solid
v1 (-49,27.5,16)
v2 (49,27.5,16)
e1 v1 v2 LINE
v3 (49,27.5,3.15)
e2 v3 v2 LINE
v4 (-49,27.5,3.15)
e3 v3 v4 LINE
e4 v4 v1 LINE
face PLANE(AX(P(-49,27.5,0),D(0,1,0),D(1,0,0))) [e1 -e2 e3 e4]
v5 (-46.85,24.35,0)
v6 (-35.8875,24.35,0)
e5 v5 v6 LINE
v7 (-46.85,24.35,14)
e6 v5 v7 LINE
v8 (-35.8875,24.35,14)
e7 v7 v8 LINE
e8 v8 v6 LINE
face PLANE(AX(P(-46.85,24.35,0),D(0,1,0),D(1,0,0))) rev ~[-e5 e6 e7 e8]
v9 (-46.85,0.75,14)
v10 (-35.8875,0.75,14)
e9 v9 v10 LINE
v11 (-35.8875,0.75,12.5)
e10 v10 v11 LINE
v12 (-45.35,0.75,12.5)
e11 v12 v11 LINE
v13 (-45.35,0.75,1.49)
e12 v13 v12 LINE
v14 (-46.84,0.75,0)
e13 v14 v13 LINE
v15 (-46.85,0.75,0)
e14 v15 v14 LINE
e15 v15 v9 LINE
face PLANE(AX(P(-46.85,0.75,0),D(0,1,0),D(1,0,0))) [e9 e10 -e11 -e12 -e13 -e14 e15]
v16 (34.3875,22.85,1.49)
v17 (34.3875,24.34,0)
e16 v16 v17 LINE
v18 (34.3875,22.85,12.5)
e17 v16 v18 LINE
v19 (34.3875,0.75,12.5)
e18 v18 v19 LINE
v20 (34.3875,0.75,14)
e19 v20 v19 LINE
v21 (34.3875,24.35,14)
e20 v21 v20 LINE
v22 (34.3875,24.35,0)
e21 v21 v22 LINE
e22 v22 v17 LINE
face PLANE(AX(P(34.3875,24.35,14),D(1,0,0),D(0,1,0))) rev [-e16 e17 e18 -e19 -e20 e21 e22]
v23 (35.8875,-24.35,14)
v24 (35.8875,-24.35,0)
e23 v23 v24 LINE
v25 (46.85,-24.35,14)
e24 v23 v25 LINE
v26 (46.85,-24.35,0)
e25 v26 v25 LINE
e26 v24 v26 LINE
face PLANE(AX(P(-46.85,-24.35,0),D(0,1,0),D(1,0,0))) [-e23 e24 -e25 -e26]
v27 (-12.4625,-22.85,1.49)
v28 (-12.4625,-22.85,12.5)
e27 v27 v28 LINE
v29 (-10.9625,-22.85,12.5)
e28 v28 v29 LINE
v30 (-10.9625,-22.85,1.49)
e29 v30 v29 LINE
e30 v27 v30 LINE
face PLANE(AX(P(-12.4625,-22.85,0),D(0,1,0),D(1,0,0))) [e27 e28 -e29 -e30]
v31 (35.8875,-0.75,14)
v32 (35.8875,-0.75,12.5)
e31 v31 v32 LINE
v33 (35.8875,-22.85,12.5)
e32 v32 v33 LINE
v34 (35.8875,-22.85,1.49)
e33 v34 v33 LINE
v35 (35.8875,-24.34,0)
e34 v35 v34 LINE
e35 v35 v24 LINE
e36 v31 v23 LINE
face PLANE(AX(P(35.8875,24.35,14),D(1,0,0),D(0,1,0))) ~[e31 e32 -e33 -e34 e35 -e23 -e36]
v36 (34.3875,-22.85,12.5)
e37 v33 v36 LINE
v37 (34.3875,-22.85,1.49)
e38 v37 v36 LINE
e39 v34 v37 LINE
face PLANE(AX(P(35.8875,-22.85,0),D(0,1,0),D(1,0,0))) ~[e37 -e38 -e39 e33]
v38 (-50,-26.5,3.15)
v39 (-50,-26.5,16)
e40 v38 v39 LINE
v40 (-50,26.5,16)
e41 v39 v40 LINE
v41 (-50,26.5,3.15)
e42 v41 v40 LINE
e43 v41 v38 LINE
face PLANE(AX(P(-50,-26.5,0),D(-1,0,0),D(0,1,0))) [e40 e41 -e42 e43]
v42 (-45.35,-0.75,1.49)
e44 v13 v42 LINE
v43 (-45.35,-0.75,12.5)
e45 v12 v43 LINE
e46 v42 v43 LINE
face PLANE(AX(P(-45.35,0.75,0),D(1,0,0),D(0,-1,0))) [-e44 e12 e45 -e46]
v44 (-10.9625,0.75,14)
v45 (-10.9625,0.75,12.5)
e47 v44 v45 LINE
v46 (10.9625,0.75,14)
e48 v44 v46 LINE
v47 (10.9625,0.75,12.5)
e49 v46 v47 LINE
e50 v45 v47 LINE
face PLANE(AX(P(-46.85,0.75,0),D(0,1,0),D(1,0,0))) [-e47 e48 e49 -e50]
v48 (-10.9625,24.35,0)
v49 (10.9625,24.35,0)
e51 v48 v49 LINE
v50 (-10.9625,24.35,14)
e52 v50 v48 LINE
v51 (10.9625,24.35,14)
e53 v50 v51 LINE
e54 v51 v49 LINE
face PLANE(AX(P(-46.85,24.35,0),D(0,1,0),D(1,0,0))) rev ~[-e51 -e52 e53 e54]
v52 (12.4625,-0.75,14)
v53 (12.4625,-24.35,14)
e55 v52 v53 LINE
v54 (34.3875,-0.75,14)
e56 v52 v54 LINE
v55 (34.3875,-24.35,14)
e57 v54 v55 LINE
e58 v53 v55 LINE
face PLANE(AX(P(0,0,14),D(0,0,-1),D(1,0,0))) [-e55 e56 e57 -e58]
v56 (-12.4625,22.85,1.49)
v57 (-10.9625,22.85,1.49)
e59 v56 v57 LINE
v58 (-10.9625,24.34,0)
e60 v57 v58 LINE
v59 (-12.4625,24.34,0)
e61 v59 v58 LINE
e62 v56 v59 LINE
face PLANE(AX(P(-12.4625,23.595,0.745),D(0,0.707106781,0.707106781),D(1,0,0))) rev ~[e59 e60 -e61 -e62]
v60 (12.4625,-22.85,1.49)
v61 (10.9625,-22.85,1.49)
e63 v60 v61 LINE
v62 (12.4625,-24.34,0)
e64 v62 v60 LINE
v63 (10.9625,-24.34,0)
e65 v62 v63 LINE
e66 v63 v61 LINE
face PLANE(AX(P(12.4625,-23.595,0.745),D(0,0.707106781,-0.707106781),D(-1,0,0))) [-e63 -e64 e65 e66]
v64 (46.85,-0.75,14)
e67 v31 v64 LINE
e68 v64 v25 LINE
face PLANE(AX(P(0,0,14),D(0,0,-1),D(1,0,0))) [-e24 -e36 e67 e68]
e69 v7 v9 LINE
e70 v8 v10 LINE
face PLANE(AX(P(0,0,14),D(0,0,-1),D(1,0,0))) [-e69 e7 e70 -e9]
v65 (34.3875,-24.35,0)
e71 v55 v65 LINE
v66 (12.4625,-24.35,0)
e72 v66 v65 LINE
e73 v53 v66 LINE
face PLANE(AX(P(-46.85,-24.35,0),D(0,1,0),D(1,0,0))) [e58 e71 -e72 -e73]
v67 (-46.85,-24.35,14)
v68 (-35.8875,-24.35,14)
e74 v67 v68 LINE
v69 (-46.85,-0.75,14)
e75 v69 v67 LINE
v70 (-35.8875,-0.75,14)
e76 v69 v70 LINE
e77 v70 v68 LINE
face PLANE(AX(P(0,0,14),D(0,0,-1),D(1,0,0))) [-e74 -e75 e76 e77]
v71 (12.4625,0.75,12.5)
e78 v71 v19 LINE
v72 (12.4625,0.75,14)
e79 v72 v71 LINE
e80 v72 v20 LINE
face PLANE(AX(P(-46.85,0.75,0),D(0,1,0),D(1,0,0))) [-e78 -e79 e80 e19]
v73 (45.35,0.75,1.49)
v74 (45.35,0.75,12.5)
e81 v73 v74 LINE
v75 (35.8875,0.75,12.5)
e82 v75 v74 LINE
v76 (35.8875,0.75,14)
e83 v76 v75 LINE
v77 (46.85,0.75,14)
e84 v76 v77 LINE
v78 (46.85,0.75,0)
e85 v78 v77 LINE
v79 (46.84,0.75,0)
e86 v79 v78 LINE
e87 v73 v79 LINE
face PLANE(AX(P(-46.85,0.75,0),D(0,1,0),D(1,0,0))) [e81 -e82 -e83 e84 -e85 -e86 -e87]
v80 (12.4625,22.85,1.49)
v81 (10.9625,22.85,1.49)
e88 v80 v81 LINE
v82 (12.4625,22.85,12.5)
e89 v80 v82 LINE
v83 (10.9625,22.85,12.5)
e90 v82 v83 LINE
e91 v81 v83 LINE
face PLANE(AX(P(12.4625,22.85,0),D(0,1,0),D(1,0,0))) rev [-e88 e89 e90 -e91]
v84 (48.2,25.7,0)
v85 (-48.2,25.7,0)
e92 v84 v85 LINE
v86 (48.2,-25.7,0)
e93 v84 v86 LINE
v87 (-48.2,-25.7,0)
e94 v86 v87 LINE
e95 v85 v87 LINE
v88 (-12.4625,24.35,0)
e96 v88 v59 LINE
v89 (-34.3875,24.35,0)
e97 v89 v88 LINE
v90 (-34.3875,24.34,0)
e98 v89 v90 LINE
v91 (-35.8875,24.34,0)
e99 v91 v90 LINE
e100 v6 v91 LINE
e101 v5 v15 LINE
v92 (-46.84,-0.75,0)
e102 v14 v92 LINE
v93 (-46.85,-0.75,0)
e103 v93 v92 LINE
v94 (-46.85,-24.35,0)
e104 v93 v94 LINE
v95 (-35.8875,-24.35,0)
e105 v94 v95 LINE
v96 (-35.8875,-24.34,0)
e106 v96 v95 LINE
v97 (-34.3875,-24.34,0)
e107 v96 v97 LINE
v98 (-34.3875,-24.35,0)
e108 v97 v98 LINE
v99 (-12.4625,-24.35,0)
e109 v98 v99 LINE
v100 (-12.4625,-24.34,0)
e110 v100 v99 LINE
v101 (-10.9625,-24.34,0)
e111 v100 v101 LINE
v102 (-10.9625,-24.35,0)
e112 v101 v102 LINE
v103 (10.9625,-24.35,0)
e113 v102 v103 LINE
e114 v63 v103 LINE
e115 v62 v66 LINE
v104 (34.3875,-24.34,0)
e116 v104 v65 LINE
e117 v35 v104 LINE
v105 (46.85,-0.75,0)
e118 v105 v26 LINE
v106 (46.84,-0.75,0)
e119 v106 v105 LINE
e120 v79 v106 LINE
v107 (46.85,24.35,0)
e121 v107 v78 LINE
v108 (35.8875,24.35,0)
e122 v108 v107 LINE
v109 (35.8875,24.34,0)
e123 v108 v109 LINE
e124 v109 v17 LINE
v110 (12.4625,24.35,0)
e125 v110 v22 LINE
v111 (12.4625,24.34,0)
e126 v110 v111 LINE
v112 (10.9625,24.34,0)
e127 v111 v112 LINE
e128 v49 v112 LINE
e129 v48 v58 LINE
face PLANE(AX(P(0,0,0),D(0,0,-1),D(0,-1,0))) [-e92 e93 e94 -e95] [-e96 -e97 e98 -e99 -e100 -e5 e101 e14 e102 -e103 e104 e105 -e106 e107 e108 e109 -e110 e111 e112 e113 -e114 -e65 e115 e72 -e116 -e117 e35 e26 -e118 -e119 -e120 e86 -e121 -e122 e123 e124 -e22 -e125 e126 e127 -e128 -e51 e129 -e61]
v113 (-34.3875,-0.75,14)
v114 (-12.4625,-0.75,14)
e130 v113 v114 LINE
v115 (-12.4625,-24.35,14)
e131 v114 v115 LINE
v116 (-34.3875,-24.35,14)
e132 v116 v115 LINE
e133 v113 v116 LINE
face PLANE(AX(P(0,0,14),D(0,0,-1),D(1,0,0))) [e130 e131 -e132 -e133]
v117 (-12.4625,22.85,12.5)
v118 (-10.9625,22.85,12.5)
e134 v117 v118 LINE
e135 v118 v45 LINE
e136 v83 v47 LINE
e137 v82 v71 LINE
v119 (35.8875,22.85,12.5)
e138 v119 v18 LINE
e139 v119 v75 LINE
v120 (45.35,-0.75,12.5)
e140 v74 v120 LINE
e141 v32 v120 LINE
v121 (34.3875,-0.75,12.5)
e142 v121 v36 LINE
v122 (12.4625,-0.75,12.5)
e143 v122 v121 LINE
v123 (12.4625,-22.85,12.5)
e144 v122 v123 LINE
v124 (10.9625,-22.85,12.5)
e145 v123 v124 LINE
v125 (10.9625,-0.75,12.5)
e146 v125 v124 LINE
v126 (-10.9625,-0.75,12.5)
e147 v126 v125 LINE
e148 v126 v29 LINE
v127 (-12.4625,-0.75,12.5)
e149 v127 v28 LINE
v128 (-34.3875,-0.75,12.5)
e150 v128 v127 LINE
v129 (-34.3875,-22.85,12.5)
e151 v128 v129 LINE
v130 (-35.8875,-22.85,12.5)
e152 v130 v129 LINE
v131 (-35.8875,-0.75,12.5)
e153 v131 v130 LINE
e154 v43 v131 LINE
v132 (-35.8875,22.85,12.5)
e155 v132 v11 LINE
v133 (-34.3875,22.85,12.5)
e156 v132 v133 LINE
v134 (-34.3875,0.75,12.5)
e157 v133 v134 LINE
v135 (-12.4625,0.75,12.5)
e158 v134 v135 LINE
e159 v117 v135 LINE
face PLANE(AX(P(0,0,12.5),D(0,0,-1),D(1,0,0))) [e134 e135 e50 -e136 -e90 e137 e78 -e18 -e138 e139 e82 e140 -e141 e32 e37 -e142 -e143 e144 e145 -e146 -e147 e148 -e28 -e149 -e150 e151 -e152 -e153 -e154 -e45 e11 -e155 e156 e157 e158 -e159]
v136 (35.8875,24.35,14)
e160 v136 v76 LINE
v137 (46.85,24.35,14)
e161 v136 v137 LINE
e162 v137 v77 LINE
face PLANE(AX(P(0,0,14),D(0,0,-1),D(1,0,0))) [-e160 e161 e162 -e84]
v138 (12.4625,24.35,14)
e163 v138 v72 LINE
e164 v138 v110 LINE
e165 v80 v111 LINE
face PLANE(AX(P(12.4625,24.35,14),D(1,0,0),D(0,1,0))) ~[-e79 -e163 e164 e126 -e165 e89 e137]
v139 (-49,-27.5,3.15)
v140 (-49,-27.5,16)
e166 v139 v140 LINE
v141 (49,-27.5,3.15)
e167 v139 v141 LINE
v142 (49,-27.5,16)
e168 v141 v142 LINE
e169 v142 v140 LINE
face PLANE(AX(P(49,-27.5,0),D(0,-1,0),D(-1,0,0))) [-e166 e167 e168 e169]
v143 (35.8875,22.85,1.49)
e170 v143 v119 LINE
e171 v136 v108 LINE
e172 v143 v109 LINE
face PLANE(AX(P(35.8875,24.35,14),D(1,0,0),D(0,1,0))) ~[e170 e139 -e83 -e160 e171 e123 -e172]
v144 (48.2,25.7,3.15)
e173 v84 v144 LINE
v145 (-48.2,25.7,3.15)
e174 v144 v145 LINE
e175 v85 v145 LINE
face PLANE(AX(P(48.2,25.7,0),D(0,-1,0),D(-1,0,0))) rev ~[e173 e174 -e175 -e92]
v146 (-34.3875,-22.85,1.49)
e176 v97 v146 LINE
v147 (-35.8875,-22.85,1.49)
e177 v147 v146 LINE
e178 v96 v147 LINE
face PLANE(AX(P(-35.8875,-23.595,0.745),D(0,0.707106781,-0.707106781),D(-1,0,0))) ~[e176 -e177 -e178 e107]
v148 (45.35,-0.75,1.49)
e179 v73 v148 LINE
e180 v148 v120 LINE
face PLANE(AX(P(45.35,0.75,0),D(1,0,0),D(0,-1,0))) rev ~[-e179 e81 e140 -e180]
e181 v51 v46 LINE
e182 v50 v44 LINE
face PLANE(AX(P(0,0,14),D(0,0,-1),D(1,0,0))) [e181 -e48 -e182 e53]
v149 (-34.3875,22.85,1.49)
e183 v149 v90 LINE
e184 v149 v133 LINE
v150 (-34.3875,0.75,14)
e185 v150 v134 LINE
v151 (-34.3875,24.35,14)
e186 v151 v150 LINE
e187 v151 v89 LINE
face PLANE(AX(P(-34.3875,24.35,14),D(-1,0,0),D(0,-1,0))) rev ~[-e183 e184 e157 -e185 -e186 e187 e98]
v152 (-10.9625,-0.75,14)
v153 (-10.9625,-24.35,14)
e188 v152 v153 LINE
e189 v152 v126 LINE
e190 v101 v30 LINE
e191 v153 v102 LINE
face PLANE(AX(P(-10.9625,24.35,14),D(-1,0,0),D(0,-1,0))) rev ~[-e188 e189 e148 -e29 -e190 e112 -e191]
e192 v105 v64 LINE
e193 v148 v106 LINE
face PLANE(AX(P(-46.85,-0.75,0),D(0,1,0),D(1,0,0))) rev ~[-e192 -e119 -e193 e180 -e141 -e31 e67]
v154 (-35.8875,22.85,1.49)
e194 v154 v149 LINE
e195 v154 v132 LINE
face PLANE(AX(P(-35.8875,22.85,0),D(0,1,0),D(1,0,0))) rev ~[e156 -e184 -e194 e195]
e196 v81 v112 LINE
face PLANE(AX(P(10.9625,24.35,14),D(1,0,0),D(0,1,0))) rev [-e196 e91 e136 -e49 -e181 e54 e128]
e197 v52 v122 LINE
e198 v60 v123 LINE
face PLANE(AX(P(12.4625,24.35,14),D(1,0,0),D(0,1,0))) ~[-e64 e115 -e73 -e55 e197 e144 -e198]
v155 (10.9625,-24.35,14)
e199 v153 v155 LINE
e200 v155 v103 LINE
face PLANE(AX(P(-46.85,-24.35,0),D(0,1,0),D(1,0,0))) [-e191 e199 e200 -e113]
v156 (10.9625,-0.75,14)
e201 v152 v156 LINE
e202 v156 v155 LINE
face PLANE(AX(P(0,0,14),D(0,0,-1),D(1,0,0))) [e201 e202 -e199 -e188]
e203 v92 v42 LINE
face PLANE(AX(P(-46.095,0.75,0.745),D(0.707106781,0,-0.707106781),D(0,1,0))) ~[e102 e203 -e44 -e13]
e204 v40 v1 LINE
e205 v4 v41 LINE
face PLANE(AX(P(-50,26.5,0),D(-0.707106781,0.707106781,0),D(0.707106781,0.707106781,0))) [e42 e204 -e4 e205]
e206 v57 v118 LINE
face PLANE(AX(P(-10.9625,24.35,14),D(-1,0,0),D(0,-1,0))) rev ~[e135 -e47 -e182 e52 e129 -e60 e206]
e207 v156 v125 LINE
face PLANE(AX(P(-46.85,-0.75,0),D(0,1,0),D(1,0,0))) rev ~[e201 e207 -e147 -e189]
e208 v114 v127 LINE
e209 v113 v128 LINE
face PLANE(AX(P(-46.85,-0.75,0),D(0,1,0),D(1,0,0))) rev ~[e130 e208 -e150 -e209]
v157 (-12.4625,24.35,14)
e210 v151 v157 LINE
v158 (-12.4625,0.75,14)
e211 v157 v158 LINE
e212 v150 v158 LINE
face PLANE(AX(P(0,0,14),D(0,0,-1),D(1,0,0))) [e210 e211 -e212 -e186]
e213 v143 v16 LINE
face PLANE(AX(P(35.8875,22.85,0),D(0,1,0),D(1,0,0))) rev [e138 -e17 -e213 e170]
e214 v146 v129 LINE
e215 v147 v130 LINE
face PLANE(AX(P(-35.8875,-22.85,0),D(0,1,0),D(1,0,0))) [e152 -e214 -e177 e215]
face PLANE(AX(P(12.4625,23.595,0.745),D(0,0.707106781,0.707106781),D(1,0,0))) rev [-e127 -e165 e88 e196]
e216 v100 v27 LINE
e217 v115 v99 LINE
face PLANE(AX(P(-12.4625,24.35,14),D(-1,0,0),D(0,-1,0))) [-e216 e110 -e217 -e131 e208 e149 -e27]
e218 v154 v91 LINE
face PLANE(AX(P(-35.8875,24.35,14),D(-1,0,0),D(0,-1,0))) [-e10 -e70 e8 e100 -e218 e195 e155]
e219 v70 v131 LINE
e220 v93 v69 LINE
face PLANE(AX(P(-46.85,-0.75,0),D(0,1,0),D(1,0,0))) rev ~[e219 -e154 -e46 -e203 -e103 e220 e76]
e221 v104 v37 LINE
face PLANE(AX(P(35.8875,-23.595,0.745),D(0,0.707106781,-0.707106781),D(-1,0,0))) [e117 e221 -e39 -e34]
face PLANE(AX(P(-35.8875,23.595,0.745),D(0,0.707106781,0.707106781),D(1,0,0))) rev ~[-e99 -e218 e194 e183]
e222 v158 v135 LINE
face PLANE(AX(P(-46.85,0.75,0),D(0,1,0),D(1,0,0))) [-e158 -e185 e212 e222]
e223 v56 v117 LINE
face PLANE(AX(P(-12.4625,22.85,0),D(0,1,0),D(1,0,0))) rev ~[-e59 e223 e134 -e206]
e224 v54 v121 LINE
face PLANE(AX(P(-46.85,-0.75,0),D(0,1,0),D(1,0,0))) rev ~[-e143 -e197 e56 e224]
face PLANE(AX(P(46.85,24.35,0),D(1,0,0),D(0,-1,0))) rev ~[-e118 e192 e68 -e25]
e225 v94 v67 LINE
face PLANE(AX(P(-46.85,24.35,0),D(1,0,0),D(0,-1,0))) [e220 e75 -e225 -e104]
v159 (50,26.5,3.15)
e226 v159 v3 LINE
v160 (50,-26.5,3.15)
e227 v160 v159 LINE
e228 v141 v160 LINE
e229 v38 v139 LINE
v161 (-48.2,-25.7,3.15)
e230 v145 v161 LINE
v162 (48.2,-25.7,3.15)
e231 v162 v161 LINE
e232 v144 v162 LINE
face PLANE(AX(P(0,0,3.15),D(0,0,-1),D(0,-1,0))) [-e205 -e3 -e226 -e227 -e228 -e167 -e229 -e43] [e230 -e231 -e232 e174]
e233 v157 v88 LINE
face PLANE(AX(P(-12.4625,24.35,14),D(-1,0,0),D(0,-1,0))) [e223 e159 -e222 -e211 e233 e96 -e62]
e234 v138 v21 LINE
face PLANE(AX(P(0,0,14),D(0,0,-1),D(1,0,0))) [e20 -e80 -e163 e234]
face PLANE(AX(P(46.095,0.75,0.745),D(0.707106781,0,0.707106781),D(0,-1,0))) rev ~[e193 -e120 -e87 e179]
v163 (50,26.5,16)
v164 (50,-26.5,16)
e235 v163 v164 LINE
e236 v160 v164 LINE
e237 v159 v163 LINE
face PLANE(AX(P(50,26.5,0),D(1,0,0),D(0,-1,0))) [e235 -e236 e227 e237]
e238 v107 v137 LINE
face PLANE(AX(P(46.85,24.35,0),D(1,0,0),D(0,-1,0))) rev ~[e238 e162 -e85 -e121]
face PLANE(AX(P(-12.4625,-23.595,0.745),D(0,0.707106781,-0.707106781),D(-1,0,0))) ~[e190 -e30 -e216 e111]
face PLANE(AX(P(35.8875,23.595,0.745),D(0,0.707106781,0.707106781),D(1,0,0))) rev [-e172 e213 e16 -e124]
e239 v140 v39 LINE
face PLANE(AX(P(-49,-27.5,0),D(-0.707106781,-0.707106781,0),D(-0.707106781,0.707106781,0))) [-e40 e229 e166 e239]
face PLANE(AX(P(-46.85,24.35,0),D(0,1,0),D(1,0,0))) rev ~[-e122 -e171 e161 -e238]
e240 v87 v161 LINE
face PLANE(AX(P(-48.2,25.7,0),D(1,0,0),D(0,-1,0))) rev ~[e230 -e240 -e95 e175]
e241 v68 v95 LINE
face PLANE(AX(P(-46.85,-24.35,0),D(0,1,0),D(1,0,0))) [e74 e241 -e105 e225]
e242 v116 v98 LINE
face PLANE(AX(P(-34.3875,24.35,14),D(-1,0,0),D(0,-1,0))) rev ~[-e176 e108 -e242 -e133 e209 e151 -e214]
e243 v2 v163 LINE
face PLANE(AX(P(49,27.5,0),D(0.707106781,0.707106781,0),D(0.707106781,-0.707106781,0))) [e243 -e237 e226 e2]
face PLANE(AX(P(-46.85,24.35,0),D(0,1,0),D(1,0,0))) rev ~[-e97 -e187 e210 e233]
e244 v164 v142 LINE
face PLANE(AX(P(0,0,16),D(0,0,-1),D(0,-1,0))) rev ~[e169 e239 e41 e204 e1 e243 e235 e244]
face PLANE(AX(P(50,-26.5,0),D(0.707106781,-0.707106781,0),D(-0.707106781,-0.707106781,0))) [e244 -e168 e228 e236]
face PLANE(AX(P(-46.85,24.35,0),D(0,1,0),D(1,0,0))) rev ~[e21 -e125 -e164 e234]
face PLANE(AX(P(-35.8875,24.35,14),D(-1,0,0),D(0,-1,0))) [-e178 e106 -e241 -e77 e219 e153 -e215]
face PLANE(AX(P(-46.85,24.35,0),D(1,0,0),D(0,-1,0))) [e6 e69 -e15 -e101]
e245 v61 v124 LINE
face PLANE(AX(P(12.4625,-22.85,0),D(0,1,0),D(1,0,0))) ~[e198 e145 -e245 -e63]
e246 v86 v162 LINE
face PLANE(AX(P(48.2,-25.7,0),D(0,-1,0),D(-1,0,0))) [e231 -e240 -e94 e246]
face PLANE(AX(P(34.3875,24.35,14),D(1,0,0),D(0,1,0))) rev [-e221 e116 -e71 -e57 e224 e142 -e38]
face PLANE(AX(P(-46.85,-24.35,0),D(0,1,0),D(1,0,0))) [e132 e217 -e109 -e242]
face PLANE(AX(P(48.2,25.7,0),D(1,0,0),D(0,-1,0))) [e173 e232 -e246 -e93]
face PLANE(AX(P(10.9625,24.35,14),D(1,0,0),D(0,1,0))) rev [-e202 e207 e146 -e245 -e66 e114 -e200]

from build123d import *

# Parameters (mm, degrees)
SKETCH005_W      = 90.7
SKETCH005_H      = 1.5
EXTRUDE006_DEPTH = 12.5
SKETCH004_W      = 93.7
SKETCH004_H      = 1.5
EXTRUDE005_DEPTH = 14
CHAMFER001_SIZE  = 1.49
SKETCH003_W      = 1.5
SKETCH003_H      = 45.7
EXTRUDE004_DEPTH = 12.5
SKETCH002_W      = 1.5
SKETCH002_H      = 48.7
EXTRUDE003_DEPTH = 14
CHAMFER_SIZE     = 1.49
BINDER_W         = 51.4
BINDER_H         = 96.4
EXTRUDE002_DEPTH = 3.15
SKETCH_W         = 93.7
SKETCH_H         = 48.7
EXTRUDE001_DEPTH = 14
EXTRUDE_DEPTH    = 16


with BuildPart() as extrude006:
    # Sketch005 → Extrude006 (new body)
    with BuildSketch(Plane(origin=(0, 0, 0), x_dir=(1, 0, 0), z_dir=(0, 0, -1))):
        Rectangle(SKETCH005_W, SKETCH005_H)
    extrude(amount=-EXTRUDE006_DEPTH)


with BuildPart() as lengthrails:
    # Sketch004 → Extrude005 (new body)
    with BuildSketch(Plane(origin=(0, 0, 0), x_dir=(1, 0, 0), z_dir=(0, 0, -1))):
        Rectangle(SKETCH004_W, SKETCH004_H)
    extrude(amount=-EXTRUDE005_DEPTH)

    # Cut003: cut Extrude006
    add(extrude006.part, mode=Mode.SUBTRACT)

    # Chamfer001
    chamfer001_edges = [lengthrails.edges().sort_by_distance(p)[0] for p in [
        (-45.35, 0, 0),
        (45.35, 0, 0),
    ]]
    chamfer(chamfer001_edges, length=CHAMFER001_SIZE)


with BuildPart() as extrude004:
    # Sketch003 → Extrude004 (new body)
    with BuildSketch(Plane(origin=(0, 0, 0), x_dir=(1, 0, 0), z_dir=(0, 0, -1))):
        with Locations((-35.1375, 0)):
            Rectangle(SKETCH003_W, SKETCH003_H)
        with Locations((-11.7125, 0)):
            Rectangle(SKETCH003_W, SKETCH003_H)
    extrude(amount=-EXTRUDE004_DEPTH)


with BuildPart() as railsleft001:
    # Sketch002 (on Face20 of Cut001) → Extrude003 (new body)
    with BuildSketch(Plane(origin=(0, 0, 14), x_dir=(1, 0, 0), z_dir=(0, 0, -1))):
        with Locations((-35.1375, 0)):
            Rectangle(SKETCH002_W, SKETCH002_H)
        with Locations((-11.7125, 0)):
            Rectangle(SKETCH002_W, SKETCH002_H)
    extrude(amount=EXTRUDE003_DEPTH)

    # Cut002: cut Extrude004
    add(extrude004.part, mode=Mode.SUBTRACT)

    # Chamfer
    chamfer_edges = [railsleft001.edges().sort_by_distance(p)[0] for p in [
        (-35.1375, -22.85, 0),
        (-35.1375, 22.85, 0),
        (-11.7125, -22.85, 0),
        (-11.7125, 22.85, 0),
    ]]
    chamfer(chamfer_edges, length=CHAMFER_SIZE)


with BuildPart() as railsright:
    # Part__Mirroring: instance of RailsLeft001
    add(railsleft001.part.mirror(Plane(origin=(0, 0, 0), x_dir=(0, -1, 0), z_dir=(1, 0, 0))))


with BuildPart() as rails:
    # Fusion base: copy of RailsLeft001
    add(railsleft001.part)

    # Fusion: union RailsRight
    add(railsright.part)

    # Fusion001: union LengthRails
    add(lengthrails.part)


with BuildPart() as cutoutedging:
    # Binder → Extrude002 (new body)
    with BuildSketch(Plane(origin=(0, 0, 0), x_dir=(0, -1, 0), z_dir=(0, 0, -1))):
        Polygon((26.624264, 50.3), (-26.624264, 50.3), (-27.8, 49.124264), (-27.8, -49.124264), (-26.624264, -50.3), (26.624264, -50.3), (27.8, -49.124264), (27.8, 49.124264), align=None)
        Rectangle(BINDER_W, BINDER_H, mode=Mode.SUBTRACT)
    extrude(amount=-EXTRUDE002_DEPTH)


with BuildPart() as extrude001:
    # Sketch → Extrude001 (new body)
    with BuildSketch(Plane(origin=(0, 0, 0), x_dir=(1, 0, 0), z_dir=(0, 0, -1))):
        Rectangle(SKETCH_W, SKETCH_H)
    extrude(amount=-EXTRUDE001_DEPTH)


with BuildPart() as fusion002:
    # Face → Extrude (new body)
    with BuildSketch(Plane(origin=(0, 0, 0), x_dir=(0, -1, 0), z_dir=(0, 0, -1))):
        Polygon((-26.5, -50), (26.5, -50), (27.5, -49), (27.5, 49), (26.5, 50), (-26.5, 50), (-27.5, 49), (-27.5, -49), align=None)
    extrude(amount=-EXTRUDE_DEPTH)

    # Cut: cut Extrude001
    add(extrude001.part, mode=Mode.SUBTRACT)

    # Cut001: cut CutoutEdging
    add(cutoutedging.part, mode=Mode.SUBTRACT)

    # Fusion002: union Rails
    add(rails.part)


solid = fusion002.part
